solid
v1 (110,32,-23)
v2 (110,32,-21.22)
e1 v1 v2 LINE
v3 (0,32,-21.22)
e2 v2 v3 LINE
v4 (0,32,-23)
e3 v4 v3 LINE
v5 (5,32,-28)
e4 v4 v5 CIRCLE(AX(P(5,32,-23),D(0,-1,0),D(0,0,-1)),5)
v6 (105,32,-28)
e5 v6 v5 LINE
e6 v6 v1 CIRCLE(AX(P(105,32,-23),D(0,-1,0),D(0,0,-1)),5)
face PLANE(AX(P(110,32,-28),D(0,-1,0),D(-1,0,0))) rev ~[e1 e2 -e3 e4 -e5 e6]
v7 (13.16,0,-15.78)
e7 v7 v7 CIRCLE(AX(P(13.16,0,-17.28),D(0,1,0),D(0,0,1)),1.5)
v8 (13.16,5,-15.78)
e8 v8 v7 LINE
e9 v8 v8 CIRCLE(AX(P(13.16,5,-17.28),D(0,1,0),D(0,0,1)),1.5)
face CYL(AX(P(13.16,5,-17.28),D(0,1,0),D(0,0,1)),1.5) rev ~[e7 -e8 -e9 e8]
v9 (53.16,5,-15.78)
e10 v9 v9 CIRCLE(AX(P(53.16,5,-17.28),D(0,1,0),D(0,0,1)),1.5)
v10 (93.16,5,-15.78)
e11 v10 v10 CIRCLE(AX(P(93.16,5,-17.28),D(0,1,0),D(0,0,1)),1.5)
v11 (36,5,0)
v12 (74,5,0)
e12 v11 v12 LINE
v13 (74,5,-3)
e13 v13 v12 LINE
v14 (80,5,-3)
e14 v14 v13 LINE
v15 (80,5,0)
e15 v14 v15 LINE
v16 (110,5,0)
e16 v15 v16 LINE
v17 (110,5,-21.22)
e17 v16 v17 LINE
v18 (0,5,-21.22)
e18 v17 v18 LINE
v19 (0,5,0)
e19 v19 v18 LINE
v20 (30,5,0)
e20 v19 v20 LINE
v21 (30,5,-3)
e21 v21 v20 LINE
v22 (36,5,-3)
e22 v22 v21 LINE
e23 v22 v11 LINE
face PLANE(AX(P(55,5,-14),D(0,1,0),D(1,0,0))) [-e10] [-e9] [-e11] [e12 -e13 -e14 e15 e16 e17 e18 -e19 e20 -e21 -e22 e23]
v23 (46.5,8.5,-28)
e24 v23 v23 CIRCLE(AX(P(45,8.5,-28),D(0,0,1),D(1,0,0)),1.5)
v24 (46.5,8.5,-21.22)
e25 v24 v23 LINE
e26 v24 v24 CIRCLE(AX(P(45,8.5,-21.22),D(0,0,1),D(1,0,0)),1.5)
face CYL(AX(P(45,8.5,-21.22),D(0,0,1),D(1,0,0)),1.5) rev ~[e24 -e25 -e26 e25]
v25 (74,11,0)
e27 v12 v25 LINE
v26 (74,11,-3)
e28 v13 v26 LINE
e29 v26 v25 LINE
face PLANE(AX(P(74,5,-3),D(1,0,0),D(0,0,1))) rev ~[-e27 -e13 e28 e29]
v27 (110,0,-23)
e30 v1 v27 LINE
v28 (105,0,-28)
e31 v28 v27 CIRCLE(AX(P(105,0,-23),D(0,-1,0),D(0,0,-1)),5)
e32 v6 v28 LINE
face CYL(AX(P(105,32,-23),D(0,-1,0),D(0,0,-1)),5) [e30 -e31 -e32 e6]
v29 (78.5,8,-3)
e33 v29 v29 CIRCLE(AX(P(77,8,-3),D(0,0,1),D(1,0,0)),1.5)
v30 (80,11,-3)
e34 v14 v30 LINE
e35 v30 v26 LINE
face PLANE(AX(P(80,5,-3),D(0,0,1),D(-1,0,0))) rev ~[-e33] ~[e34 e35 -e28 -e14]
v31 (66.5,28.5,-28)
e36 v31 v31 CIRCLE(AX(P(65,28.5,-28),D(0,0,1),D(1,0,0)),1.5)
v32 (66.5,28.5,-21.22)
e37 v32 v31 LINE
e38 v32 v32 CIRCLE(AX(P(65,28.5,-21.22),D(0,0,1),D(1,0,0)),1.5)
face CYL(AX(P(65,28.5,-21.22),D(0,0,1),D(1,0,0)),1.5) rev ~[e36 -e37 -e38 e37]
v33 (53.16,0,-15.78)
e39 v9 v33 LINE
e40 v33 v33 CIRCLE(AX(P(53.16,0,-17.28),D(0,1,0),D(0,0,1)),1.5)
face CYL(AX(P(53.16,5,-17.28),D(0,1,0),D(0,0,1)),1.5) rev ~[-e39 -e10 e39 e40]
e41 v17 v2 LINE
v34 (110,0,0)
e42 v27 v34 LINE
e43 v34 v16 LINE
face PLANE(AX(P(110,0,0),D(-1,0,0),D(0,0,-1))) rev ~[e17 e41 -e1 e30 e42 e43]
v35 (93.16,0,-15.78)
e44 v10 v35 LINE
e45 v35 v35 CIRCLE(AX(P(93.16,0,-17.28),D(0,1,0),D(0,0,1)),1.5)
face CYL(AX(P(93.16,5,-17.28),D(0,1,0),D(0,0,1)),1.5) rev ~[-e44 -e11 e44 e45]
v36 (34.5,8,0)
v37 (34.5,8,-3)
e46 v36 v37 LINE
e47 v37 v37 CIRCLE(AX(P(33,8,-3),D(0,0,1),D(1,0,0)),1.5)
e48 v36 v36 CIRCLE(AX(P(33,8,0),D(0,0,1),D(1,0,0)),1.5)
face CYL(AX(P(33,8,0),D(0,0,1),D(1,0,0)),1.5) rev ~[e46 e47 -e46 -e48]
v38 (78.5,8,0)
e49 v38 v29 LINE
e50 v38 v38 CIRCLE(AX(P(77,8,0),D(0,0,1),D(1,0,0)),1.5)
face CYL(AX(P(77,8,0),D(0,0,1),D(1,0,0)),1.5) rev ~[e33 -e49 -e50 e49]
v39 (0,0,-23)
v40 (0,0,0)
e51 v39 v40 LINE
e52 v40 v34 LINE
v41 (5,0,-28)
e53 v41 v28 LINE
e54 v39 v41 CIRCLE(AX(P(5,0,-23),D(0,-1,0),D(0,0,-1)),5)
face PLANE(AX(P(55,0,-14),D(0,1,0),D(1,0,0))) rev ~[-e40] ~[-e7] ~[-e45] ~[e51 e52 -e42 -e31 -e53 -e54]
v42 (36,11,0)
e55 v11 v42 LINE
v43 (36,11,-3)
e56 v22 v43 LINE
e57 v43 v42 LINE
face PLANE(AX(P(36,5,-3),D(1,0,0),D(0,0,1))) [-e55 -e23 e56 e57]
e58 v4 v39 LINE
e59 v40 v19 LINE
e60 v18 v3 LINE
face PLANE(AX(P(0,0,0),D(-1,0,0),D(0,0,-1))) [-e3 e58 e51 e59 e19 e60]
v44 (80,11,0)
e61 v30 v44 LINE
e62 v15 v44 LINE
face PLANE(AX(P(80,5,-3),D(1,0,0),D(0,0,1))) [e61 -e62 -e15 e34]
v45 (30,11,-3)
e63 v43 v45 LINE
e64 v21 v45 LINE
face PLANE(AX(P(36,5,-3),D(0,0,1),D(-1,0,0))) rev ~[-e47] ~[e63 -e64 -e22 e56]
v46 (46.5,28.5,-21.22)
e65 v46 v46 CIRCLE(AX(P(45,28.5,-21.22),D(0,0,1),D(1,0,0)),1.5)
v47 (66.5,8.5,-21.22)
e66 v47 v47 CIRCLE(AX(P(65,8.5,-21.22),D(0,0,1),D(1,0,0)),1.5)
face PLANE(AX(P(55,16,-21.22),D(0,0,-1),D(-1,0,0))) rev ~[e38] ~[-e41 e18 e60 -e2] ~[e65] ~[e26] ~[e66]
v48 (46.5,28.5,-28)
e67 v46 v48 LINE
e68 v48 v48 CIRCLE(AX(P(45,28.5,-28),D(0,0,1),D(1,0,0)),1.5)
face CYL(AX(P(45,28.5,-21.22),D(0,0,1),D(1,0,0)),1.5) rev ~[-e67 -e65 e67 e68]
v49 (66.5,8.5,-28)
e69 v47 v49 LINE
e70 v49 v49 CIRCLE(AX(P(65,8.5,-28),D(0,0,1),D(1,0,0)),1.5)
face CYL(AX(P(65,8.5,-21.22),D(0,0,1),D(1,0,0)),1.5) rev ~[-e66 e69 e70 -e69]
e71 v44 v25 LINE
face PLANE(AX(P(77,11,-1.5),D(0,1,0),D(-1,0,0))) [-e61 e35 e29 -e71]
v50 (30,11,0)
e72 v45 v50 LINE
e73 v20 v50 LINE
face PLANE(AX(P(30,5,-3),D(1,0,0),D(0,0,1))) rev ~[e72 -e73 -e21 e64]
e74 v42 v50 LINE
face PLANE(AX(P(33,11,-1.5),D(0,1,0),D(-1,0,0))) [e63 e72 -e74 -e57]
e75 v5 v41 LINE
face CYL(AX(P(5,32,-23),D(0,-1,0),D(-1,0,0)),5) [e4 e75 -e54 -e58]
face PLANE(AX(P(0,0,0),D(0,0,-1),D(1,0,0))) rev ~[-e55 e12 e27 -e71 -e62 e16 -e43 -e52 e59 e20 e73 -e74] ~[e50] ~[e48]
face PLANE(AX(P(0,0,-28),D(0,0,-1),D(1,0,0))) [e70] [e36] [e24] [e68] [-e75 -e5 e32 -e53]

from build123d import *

# Parameters (mm, degrees)
SKETCH1_W           = 110
SKETCH1_H           = 28
BOSS_EXTRUDE1_DEPTH = 5
SKETCH2_W           = 110
SKETCH2_H           = 32
BOSS_EXTRUDE2_DEPTH = 6.78
SKETCH3_R           = 1.5
CUT_EXTRUDE1_DEPTH  = 117.674761624
SKETCH4_R           = 1.5
CUT_EXTRUDE2_DEPTH  = 117.508748169
FILLET1_R           = 5
SKETCH5_W           = 6
SKETCH5_H           = 3
BOSS_EXTRUDE3_DEPTH = 6
SKETCH6_R           = 1.5
CUT_EXTRUDE3_DEPTH  = 6


with BuildPart() as part:
    # Sketch1 → Boss-Extrude1 (new body)
    with BuildSketch(Plane(origin=(0, 0, 0), x_dir=(1, 0, 0), z_dir=(0, 1, 0))):
        with Locations((55, 14)):
            Rectangle(SKETCH1_W, SKETCH1_H)
    extrude(amount=BOSS_EXTRUDE1_DEPTH)

    # Sketch2 → Boss-Extrude2 (add)
    with BuildSketch(Plane(origin=(0, 0, -28), x_dir=(-1, 0, 0), z_dir=(0, 0, -1))):
        with Locations((-55, 16)):
            Rectangle(SKETCH2_W, SKETCH2_H)
    extrude(amount=-BOSS_EXTRUDE2_DEPTH)

    # Sketch3 → Cut-Extrude1 (cut, through all)
    with BuildSketch(Plane(origin=(0, 5, 0), x_dir=(-1, 0, 0), z_dir=(0, 1, 0))):
        with Locations(Location((-13.16, -17.28, 0), (0, 0, 90))):
            Circle(SKETCH3_R)
        with Locations(Location((-53.16, -17.28, 0), (0, 0, 90))):
            Circle(SKETCH3_R)
        with Locations(Location((-93.16, -17.28, 0), (0, 0, 90))):
            Circle(SKETCH3_R)
    extrude(amount=-CUT_EXTRUDE1_DEPTH, mode=Mode.SUBTRACT)

    # Sketch4 → Cut-Extrude2 (cut, through all)
    with BuildSketch(Plane.XY.offset(-21.22)):
        with Locations((45, 8.5)):
            Circle(SKETCH4_R)
        with Locations((65, 8.5)):
            Circle(SKETCH4_R)
        with Locations((45, 28.5)):
            Circle(SKETCH4_R)
        with Locations((65, 28.5)):
            Circle(SKETCH4_R)
    extrude(amount=-CUT_EXTRUDE2_DEPTH, mode=Mode.SUBTRACT)

    # Fillet1
    fillet1_edges = [part.edges().sort_by_distance(p)[0] for p in [
        (0, 16, -28),
        (110, 16, -28),
    ]]
    fillet(fillet1_edges, radius=FILLET1_R)

    # Sketch5 → Boss-Extrude3 (add)
    with BuildSketch(Plane(origin=(0, 5, 0), x_dir=(-1, 0, 0), z_dir=(0, 1, 0))):
        with Locations((-33, -1.5)):
            Rectangle(SKETCH5_W, SKETCH5_H)
        with Locations((-77, -1.5)):
            Rectangle(SKETCH5_W, SKETCH5_H)
    extrude(amount=BOSS_EXTRUDE3_DEPTH)

    # Sketch6 → Cut-Extrude3 (cut)
    with BuildSketch(Plane.XY):
        with Locations((33, 8)):
            Circle(SKETCH6_R)
        with Locations((77, 8)):
            Circle(SKETCH6_R)
    extrude(amount=-CUT_EXTRUDE3_DEPTH, mode=Mode.SUBTRACT)


solid = part.part
